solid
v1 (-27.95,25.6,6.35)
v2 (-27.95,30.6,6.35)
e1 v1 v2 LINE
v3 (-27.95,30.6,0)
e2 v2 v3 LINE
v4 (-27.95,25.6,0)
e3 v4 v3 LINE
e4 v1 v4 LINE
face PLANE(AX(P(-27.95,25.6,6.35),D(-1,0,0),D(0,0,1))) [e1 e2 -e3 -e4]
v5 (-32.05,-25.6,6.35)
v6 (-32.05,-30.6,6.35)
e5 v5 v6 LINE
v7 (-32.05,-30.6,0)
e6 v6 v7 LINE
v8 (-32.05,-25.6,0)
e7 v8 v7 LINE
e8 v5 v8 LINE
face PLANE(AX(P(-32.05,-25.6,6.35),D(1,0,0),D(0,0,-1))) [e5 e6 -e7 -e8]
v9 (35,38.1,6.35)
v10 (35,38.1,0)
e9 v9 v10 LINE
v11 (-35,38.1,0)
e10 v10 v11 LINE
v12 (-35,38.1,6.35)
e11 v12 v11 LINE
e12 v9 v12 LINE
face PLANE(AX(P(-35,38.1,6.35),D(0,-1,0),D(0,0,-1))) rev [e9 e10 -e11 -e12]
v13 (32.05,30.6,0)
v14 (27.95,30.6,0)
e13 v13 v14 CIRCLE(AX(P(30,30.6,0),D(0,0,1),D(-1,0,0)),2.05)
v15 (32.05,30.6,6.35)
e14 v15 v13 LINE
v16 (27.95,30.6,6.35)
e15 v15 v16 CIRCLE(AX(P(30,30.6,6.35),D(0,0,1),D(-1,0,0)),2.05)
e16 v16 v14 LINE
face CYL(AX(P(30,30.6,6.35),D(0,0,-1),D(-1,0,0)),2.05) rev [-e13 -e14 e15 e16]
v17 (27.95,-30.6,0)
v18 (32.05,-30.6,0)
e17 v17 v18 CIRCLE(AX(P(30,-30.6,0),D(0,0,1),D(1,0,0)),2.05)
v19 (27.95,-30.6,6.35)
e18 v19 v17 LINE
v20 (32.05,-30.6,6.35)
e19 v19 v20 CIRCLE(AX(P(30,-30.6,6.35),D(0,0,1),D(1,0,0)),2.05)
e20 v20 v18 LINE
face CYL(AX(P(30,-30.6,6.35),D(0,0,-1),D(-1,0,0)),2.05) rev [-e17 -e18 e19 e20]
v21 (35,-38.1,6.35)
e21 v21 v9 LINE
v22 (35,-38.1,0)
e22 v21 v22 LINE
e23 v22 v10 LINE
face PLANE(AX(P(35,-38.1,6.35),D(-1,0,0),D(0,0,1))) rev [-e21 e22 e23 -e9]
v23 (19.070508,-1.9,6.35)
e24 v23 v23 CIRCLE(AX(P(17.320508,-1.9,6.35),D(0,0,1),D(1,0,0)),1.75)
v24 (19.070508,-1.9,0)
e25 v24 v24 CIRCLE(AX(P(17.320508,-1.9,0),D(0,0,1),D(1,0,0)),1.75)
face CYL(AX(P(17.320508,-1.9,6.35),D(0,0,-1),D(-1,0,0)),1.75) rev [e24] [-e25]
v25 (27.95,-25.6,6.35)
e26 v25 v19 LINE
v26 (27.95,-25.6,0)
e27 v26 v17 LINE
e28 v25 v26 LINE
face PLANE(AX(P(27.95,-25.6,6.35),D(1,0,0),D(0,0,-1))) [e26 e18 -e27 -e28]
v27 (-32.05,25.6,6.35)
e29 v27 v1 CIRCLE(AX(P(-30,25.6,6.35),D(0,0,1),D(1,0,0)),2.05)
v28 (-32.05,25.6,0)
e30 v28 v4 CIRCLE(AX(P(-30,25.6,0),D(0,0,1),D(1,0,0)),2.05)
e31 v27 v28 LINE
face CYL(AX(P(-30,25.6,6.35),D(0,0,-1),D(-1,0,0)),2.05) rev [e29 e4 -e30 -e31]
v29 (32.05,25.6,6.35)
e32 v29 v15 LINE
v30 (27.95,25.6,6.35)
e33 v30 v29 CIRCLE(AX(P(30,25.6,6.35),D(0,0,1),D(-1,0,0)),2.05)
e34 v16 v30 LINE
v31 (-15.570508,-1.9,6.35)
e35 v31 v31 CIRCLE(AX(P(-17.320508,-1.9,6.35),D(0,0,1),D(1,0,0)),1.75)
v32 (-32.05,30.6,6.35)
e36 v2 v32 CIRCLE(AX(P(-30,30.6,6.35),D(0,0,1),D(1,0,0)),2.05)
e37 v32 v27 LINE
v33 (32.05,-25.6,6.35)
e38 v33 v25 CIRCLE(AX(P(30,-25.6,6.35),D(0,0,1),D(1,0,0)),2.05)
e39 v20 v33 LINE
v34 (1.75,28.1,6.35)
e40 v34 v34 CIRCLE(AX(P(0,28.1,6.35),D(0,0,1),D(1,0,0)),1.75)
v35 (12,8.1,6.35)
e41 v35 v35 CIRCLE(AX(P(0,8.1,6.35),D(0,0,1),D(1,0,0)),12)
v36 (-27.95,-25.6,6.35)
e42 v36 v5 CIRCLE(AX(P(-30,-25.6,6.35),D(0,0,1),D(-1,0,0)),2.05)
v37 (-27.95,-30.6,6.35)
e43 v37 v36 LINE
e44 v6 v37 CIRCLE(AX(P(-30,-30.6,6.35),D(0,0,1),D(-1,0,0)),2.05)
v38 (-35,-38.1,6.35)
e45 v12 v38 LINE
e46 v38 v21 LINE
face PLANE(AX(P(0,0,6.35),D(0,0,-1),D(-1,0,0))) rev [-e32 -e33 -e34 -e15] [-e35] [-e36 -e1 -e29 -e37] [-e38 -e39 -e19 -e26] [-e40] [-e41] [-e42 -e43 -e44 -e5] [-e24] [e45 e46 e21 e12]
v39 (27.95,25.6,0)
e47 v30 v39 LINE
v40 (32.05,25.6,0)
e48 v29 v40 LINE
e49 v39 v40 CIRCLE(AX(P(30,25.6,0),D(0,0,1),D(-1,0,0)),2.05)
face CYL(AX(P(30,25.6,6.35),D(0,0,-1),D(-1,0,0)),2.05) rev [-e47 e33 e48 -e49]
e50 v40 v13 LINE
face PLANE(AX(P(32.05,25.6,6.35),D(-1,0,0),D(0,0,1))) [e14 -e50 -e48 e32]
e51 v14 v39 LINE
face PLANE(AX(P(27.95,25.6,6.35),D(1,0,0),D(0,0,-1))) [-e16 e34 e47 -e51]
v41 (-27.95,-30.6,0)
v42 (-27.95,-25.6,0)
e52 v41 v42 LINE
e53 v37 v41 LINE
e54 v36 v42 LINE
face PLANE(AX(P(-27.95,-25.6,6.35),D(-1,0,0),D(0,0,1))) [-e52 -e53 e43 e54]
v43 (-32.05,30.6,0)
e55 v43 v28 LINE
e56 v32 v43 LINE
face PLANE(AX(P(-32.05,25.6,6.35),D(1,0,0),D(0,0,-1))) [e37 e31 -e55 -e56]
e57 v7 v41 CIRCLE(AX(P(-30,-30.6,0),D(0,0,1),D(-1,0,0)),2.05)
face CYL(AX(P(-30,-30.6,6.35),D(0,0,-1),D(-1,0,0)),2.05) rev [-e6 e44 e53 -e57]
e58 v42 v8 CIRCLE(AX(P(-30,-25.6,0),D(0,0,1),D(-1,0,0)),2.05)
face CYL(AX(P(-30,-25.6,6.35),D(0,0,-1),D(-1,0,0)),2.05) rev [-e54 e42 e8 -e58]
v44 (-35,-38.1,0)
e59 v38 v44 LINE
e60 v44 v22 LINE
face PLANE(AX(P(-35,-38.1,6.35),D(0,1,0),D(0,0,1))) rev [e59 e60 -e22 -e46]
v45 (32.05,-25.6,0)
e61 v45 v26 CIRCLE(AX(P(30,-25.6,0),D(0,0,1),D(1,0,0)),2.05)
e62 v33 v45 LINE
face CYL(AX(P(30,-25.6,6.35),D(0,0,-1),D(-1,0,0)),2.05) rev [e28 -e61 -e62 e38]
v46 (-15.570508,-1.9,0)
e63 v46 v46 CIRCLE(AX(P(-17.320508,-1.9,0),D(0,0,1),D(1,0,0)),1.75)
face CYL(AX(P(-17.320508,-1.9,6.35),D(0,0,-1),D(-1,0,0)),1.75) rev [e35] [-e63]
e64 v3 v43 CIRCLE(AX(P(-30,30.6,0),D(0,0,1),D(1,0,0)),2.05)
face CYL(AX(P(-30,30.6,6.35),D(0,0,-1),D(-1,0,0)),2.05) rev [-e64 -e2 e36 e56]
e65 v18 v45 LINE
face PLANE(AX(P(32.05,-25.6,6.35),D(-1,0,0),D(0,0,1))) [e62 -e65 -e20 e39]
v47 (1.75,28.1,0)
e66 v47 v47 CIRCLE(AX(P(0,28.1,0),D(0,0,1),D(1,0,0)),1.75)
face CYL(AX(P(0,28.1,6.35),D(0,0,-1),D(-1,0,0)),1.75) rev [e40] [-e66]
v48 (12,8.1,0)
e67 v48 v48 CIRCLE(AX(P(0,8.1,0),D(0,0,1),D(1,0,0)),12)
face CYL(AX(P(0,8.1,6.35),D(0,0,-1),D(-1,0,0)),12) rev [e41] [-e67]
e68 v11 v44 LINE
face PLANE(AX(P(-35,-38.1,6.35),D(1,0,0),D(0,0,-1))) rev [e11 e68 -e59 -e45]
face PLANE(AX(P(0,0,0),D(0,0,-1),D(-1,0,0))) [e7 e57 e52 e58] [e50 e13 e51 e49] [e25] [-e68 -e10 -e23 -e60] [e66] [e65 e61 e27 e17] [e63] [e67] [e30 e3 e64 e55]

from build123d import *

# Parameters (mm, degrees)
SKETCH1_W           = 70
SKETCH1_H           = 76.2
SKETCH1_R           = 1.75
SKETCH1_R_2         = 12
BOSS_EXTRUDE1_DEPTH = 6.35


with BuildPart() as part:
    # Sketch1 → Boss-Extrude1 (new body)
    with BuildSketch(Plane.XY):
        Rectangle(SKETCH1_W, SKETCH1_H)
        with Locations((0, 28.1)):
            Circle(SKETCH1_R, mode=Mode.SUBTRACT)
        with Locations((17.320508076, -1.9)):
            Circle(SKETCH1_R, mode=Mode.SUBTRACT)
        with Locations((-17.320508076, -1.9)):
            Circle(SKETCH1_R, mode=Mode.SUBTRACT)
        with Locations((0, 8.1)):
            Circle(SKETCH1_R_2, mode=Mode.SUBTRACT)
        with BuildLine():
            Line((-32.05, 25.6), (-32.05, 30.6))
            ThreePointArc((-32.05, 30.6), (-30, 32.65), (-27.95, 30.6))
            Line((-27.95, 30.6), (-27.95, 25.6))
            ThreePointArc((-27.95, 25.6), (-30, 23.55), (-32.05, 25.6))
        make_face(mode=Mode.SUBTRACT)
        with BuildLine():
            Line((32.05, 25.6), (32.05, 30.6))
            ThreePointArc((32.05, 30.6), (30, 32.65), (27.95, 30.6))
            Line((27.95, 30.6), (27.95, 25.6))
            ThreePointArc((27.95, 25.6), (30, 23.55), (32.05, 25.6))
        make_face(mode=Mode.SUBTRACT)
        with BuildLine():
            Line((-32.05, -25.6), (-32.05, -30.6))
            ThreePointArc((-32.05, -30.6), (-30, -32.65), (-27.95, -30.6))
            Line((-27.95, -30.6), (-27.95, -25.6))
            ThreePointArc((-27.95, -25.6), (-30, -23.55), (-32.05, -25.6))
        make_face(mode=Mode.SUBTRACT)
        with BuildLine():
            Line((32.05, -25.6), (32.05, -30.6))
            ThreePointArc((32.05, -30.6), (30, -32.65), (27.95, -30.6))
            Line((27.95, -30.6), (27.95, -25.6))
            ThreePointArc((27.95, -25.6), (30, -23.55), (32.05, -25.6))
        make_face(mode=Mode.SUBTRACT)
    extrude(amount=BOSS_EXTRUDE1_DEPTH)


solid = part.part
